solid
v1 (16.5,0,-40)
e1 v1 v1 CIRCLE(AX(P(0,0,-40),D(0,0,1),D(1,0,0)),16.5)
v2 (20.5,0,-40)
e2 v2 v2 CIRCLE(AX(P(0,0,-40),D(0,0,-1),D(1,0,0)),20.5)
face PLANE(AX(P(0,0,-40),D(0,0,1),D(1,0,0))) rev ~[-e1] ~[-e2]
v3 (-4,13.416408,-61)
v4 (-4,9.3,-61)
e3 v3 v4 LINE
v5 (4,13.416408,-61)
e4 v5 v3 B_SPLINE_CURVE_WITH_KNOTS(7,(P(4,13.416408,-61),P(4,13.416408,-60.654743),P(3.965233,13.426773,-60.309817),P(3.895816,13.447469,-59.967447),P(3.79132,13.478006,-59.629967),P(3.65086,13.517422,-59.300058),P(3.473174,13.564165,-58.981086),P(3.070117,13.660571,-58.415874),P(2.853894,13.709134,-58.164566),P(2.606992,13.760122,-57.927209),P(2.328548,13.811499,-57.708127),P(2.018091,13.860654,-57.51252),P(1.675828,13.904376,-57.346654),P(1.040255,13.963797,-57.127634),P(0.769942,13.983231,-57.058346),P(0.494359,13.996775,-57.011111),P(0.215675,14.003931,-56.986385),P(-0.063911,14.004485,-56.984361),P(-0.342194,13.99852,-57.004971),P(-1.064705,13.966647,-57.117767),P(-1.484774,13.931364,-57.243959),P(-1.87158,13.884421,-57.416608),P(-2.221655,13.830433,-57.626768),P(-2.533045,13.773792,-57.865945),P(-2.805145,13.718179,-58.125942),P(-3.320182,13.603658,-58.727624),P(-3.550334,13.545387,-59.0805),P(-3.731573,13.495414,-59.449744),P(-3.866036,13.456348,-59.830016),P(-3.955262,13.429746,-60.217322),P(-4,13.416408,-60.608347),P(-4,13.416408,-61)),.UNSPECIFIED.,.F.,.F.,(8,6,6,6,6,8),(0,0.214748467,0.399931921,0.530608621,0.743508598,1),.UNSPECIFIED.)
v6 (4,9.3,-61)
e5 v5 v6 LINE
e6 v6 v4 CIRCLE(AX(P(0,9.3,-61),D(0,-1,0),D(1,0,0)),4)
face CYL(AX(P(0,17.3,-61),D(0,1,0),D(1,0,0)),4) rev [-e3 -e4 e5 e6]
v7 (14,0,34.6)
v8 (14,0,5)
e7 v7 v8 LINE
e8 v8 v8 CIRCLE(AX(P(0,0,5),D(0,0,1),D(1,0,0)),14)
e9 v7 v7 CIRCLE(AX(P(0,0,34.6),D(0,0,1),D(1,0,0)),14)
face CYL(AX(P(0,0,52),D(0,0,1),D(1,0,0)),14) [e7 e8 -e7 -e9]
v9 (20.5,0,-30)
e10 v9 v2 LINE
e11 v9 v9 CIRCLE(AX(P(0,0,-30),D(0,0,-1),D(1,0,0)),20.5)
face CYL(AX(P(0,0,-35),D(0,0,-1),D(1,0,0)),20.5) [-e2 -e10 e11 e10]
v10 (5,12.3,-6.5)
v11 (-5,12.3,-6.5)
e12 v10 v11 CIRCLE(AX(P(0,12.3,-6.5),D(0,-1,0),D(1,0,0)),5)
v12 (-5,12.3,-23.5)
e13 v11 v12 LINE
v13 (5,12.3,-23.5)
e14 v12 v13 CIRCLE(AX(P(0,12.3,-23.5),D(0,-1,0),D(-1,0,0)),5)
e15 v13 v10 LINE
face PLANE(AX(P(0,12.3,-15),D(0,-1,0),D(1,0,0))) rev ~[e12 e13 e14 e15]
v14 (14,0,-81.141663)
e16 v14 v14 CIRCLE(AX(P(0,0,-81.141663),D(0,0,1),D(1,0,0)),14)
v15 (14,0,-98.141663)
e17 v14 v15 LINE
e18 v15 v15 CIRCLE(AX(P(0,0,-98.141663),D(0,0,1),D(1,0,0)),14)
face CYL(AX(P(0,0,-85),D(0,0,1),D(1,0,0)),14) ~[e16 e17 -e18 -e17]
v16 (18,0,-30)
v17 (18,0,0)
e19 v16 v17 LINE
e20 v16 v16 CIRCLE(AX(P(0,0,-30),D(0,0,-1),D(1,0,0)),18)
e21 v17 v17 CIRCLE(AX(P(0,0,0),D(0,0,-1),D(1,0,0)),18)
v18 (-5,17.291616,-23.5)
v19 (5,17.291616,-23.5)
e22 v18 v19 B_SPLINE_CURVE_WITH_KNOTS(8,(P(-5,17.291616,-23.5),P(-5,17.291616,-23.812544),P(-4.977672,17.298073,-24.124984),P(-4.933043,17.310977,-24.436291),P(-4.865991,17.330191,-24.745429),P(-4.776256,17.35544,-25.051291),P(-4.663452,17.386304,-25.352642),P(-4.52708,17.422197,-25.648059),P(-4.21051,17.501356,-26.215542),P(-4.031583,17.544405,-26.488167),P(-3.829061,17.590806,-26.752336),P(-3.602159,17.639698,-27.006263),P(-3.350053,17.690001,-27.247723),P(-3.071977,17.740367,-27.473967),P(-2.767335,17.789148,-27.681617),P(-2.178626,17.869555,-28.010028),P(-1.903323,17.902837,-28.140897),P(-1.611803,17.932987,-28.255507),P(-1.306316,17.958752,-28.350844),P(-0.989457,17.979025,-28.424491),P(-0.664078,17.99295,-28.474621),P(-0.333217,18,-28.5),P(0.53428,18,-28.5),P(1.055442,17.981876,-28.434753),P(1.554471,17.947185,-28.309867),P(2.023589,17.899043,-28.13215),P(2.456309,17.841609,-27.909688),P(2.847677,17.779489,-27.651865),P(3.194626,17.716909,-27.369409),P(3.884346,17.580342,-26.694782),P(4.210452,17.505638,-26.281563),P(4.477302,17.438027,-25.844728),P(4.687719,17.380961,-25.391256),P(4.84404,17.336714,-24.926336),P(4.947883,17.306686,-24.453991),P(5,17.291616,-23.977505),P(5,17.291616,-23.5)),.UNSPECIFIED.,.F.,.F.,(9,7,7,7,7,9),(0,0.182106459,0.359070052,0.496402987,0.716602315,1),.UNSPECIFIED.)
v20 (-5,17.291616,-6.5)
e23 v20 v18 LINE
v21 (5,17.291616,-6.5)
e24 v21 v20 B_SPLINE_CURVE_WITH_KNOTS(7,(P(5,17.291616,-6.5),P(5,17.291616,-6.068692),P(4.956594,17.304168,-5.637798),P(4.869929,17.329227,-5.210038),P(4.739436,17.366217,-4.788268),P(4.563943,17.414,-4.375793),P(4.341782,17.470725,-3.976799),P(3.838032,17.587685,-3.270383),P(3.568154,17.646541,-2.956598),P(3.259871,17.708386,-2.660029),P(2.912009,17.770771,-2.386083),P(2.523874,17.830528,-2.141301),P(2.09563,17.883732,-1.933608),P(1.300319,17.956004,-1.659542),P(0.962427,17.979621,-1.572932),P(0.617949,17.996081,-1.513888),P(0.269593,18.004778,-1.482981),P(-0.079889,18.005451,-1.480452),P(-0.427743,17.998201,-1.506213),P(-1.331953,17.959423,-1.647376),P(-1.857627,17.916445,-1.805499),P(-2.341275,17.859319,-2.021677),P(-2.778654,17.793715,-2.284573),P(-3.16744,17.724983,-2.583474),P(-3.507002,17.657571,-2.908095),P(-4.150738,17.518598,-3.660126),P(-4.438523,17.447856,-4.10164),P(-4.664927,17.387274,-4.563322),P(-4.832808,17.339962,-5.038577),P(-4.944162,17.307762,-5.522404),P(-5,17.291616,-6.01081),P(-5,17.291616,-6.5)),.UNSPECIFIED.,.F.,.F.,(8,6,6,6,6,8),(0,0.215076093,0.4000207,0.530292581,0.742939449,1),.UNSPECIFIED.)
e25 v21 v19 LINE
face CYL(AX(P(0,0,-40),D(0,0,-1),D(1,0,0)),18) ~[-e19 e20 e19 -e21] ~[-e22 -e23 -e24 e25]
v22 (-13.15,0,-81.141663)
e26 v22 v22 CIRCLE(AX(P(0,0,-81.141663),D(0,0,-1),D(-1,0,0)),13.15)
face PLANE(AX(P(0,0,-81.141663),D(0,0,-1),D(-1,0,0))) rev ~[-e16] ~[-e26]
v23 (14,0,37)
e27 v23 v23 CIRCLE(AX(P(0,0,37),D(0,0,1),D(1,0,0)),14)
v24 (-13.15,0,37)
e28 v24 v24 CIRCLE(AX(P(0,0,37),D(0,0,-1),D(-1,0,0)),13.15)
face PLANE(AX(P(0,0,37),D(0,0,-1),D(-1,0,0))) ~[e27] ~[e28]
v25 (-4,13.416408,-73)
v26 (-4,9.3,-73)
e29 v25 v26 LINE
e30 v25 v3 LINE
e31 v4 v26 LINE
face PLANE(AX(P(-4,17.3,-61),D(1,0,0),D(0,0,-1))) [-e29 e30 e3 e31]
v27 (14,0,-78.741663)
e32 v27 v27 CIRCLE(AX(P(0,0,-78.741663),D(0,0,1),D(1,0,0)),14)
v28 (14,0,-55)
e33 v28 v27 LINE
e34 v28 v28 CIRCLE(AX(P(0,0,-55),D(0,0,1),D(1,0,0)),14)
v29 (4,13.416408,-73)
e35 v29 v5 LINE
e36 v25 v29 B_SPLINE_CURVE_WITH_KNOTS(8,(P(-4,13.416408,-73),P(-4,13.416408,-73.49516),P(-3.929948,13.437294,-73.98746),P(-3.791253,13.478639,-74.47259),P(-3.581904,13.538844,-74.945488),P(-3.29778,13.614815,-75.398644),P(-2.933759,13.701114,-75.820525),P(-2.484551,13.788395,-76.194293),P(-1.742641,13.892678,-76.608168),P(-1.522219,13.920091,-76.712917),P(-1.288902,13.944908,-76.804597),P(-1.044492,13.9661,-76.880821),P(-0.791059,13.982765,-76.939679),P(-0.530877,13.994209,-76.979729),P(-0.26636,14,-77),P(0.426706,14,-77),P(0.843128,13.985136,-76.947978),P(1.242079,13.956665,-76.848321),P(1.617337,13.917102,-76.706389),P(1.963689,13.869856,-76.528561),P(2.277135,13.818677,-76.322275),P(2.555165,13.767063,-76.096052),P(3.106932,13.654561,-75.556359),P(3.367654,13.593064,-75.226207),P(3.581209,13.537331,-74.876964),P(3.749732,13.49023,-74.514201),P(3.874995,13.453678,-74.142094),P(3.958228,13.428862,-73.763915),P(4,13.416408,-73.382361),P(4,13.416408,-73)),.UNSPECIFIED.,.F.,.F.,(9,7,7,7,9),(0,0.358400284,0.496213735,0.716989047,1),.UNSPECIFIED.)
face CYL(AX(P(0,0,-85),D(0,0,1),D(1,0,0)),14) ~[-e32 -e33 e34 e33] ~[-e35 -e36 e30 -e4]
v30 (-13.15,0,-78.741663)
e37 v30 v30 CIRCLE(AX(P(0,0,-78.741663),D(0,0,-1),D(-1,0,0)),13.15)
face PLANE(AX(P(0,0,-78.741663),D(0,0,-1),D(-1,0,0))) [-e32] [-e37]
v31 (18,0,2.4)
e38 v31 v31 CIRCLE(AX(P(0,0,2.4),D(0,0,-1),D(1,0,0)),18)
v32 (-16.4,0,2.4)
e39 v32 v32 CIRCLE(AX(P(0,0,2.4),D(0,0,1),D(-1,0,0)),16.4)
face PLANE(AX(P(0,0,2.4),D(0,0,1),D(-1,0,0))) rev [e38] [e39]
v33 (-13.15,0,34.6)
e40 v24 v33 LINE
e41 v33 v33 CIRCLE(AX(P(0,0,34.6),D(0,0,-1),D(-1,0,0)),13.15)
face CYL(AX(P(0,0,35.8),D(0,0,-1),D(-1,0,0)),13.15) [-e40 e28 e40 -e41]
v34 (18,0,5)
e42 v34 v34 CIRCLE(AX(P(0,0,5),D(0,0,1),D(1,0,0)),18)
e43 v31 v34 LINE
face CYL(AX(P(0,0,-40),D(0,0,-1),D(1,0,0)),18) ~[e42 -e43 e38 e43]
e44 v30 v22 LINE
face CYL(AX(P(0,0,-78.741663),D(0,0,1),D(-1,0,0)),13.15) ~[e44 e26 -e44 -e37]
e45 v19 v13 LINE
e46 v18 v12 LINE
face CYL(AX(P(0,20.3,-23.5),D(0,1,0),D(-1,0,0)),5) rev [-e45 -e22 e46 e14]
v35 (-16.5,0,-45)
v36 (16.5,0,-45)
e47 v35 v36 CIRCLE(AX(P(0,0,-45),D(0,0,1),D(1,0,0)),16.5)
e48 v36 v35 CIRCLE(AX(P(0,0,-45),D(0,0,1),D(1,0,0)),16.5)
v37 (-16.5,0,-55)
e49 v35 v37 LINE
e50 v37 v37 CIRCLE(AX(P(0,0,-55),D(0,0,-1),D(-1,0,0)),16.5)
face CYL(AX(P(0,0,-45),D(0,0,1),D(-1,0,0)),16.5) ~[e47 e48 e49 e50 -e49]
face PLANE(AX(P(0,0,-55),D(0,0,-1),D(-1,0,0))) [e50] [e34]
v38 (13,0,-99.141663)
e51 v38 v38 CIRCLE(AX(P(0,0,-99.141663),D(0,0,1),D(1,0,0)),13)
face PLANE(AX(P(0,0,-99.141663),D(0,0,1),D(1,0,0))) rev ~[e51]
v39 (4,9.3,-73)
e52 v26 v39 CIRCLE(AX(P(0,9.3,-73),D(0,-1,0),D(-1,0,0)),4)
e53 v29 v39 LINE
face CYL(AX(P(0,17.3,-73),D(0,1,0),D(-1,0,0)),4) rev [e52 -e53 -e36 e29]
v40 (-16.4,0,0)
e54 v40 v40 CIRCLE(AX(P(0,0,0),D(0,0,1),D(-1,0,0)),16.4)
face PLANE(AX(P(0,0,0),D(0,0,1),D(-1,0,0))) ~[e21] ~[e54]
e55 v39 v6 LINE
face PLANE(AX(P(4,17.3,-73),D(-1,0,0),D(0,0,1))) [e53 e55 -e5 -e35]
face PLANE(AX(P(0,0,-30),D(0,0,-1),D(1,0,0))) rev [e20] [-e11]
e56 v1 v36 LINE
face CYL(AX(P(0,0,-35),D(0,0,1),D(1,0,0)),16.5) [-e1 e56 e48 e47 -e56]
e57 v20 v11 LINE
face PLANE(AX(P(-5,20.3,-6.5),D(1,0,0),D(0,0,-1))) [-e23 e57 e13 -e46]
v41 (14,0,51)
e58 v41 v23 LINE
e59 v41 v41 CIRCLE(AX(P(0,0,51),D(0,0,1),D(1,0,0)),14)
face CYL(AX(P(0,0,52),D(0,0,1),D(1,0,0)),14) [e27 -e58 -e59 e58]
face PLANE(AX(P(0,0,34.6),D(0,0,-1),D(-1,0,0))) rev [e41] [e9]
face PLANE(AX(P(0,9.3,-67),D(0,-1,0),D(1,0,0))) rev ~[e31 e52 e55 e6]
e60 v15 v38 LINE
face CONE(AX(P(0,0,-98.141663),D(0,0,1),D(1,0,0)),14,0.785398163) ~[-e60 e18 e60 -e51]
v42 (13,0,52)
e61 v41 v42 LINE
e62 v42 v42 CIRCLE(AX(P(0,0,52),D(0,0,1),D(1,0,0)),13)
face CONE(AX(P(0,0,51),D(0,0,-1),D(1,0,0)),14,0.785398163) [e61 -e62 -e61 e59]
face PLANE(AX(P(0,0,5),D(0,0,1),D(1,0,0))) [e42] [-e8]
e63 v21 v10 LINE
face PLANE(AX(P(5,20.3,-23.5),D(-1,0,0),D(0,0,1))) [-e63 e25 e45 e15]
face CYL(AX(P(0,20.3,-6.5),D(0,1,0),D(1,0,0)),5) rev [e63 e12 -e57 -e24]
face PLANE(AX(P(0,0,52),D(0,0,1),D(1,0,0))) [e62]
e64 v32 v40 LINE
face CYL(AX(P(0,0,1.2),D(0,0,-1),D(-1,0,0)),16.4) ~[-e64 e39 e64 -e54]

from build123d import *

# Parameters (mm, degrees)
BOSS_EXTRUDE1_DEPTH      = 5
BOSS_EXTRUDE1_DEPTH_BACK = 40
SKETCH1_R                = 18
SKETCH2_R                = 14
BOSS_EXTRUDE2_DEPTH      = 45
SKETCH3_R                = 14
BOSS_EXTRUDE3_DEPTH      = 15
BOSS_EXTRUDE4_START      = 47
SKETCH4_R                = 14
BOSS_EXTRUDE4_DEPTH      = 47
CUT_EXTRUDE1_START       = 1
CUT_EXTRUDE1_DEPTH       = 8
CUT_EXTRUDE2_DEPTH       = 8
SKETCH7_W                = 5.778552493
SKETCH7_H                = 10
SKETCH8_W                = 8.791380579
SKETCH8_H                = 2.4
CUT_EXTRUDE3_START       = -5
SKETCH12_R               = 15.75679301
SKETCH12_R_2             = 13.15
CUT_EXTRUDE3_DEPTH       = 2.4
BOSS_EXTRUDE5_START      = 25
SKETCH11_R               = 16.5
SKETCH11_R_2             = 14
BOSS_EXTRUDE5_DEPTH      = 10
SKETCH15_W               = 6.233882618
SKETCH15_H               = 2.4
CHAMFER1_SIZE            = 1
SKETCH16_R               = 16.5
BOSS_EXTRUDE6_DEPTH      = 10


with BuildPart() as part:
    # Sketch1 → Boss-Extrude1 (new, two sides: drawn at the far end of the back side and taken through both)
    with BuildSketch(Plane.XY.offset(-BOSS_EXTRUDE1_DEPTH_BACK)):
        Circle(SKETCH1_R)
    extrude(amount=BOSS_EXTRUDE1_DEPTH + BOSS_EXTRUDE1_DEPTH_BACK)

    # Sketch2 → Boss-Extrude2 (add)
    with BuildSketch(Plane(origin=(0, 0, -40), x_dir=(-1, 0, 0), z_dir=(0, 0, -1))):
        with Locations(Location((0, 0, 0), (0, 0, 180))):
            Circle(SKETCH2_R)
    extrude(amount=BOSS_EXTRUDE2_DEPTH)

    # Sketch3 → Boss-Extrude3 (add)
    with BuildSketch(Plane(origin=(0, 0, -85), x_dir=(-1, 0, 0), z_dir=(0, 0, -1))):
        with Locations(Location((0, 0, 0), (0, 0, 180))):
            Circle(SKETCH3_R)
    extrude(amount=BOSS_EXTRUDE3_DEPTH)

    # Sketch4 → Boss-Extrude4 (add)
    with BuildSketch(Plane.XY.offset(5).offset(BOSS_EXTRUDE4_START)):
        Circle(SKETCH4_R)
    extrude(amount=-BOSS_EXTRUDE4_DEPTH)

    # Sketch5 → Cut-Extrude1 (cut)
    with BuildSketch(Plane.XZ.offset(-21.3).offset(CUT_EXTRUDE1_START)):
        with BuildLine():
            Line((-5, -6.5), (-5, -23.5))
            ThreePointArc((-5, -23.5), (0, -28.5), (5, -23.5))
            Line((5, -23.5), (5, -6.5))
            ThreePointArc((5, -6.5), (0, -1.5), (-5, -6.5))
        make_face()
    extrude(amount=CUT_EXTRUDE1_DEPTH, mode=Mode.SUBTRACT)

    # Sketch6 → Cut-Extrude2 (cut)
    with BuildSketch(Plane.XZ.offset(-17.3)):
        with BuildLine():
            Line((-4, -61), (-4, -73))
            ThreePointArc((-4, -73), (0, -77), (4, -73))
            Line((4, -73), (4, -61))
            ThreePointArc((4, -61), (0, -57), (-4, -61))
        make_face()
    extrude(amount=CUT_EXTRUDE2_DEPTH, mode=Mode.SUBTRACT)

    # Sketch7 → Revolve1 (revolve)
    with BuildSketch(Plane(origin=(0, 0, 0), x_dir=(1, 0, 0), z_dir=(0, 1, 0))):
        with Locations((17.610723754, 35)):
            Rectangle(SKETCH7_W, SKETCH7_H)
    revolve(axis=Axis((0, 0, -30.114461013), (0, 0, -1)))

    # Sketch8 → Cut-Revolve1 (revolve, cut)
    with BuildSketch(Plane(origin=(0, 0, 0), x_dir=(1, 0, 0), z_dir=(0, 1, 0)), mode=Mode.PRIVATE) as cut_revolve1_sk:
        with Locations((20.79569029, -1.2)):
            Rectangle(SKETCH8_W, SKETCH8_H)
    revolve(cut_revolve1_sk.sketch.rotate(Axis((0, 0, 0), (0, 0, 1)), 180), axis=Axis((0, 0, 0), (0, 0, 1)), mode=Mode.SUBTRACT)

    # Sketch12 → Cut-Extrude3 (cut)
    with BuildSketch(Plane(origin=(0, 0, -83.741663421), x_dir=(-1, 0, 0), z_dir=(0, 0, -1)).offset(CUT_EXTRUDE3_START)):
        Circle(SKETCH12_R)
        Circle(SKETCH12_R_2, mode=Mode.SUBTRACT)
    extrude(amount=CUT_EXTRUDE3_DEPTH, mode=Mode.SUBTRACT)

    # Sketch11 → Boss-Extrude5 (add)
    with BuildSketch(Plane.XY.offset(-60).offset(BOSS_EXTRUDE5_START)):
        Circle(SKETCH11_R)
        Circle(SKETCH11_R_2, mode=Mode.SUBTRACT)
    extrude(amount=-BOSS_EXTRUDE5_DEPTH)

    # Sketch15 → Cut-Revolve2 (revolve, cut)
    with BuildSketch(Plane(origin=(0, 0, 0), x_dir=(1, 0, 0), z_dir=(0, 1, 0)), mode=Mode.PRIVATE) as cut_revolve2_sk:
        with Locations((16.266941309, -35.8)):
            Rectangle(SKETCH15_W, SKETCH15_H)
    revolve(cut_revolve2_sk.sketch.rotate(Axis((0, 0, 52), (0, 0, -1)), 180), axis=Axis((0, 0, 52), (0, 0, -1)), mode=Mode.SUBTRACT)

    # SurfaceCut1
    split(bisect_by=Plane.XY.offset(-99.141663421), keep=Keep.TOP)

    # Chamfer1
    chamfer1_edges = [part.edges().sort_by_distance(p)[0] for p in [
        (-14, 0, 52),
        (-14, 0, -99.141663421),
    ]]
    chamfer(chamfer1_edges, length=CHAMFER1_SIZE)

    # Sketch16 → Boss-Extrude6 (add)
    with BuildSketch(Plane(origin=(0, 0, -45), x_dir=(-1, 0, 0), z_dir=(0, 0, -1))):
        Circle(SKETCH16_R)
    extrude(amount=BOSS_EXTRUDE6_DEPTH)


solid = part.part
